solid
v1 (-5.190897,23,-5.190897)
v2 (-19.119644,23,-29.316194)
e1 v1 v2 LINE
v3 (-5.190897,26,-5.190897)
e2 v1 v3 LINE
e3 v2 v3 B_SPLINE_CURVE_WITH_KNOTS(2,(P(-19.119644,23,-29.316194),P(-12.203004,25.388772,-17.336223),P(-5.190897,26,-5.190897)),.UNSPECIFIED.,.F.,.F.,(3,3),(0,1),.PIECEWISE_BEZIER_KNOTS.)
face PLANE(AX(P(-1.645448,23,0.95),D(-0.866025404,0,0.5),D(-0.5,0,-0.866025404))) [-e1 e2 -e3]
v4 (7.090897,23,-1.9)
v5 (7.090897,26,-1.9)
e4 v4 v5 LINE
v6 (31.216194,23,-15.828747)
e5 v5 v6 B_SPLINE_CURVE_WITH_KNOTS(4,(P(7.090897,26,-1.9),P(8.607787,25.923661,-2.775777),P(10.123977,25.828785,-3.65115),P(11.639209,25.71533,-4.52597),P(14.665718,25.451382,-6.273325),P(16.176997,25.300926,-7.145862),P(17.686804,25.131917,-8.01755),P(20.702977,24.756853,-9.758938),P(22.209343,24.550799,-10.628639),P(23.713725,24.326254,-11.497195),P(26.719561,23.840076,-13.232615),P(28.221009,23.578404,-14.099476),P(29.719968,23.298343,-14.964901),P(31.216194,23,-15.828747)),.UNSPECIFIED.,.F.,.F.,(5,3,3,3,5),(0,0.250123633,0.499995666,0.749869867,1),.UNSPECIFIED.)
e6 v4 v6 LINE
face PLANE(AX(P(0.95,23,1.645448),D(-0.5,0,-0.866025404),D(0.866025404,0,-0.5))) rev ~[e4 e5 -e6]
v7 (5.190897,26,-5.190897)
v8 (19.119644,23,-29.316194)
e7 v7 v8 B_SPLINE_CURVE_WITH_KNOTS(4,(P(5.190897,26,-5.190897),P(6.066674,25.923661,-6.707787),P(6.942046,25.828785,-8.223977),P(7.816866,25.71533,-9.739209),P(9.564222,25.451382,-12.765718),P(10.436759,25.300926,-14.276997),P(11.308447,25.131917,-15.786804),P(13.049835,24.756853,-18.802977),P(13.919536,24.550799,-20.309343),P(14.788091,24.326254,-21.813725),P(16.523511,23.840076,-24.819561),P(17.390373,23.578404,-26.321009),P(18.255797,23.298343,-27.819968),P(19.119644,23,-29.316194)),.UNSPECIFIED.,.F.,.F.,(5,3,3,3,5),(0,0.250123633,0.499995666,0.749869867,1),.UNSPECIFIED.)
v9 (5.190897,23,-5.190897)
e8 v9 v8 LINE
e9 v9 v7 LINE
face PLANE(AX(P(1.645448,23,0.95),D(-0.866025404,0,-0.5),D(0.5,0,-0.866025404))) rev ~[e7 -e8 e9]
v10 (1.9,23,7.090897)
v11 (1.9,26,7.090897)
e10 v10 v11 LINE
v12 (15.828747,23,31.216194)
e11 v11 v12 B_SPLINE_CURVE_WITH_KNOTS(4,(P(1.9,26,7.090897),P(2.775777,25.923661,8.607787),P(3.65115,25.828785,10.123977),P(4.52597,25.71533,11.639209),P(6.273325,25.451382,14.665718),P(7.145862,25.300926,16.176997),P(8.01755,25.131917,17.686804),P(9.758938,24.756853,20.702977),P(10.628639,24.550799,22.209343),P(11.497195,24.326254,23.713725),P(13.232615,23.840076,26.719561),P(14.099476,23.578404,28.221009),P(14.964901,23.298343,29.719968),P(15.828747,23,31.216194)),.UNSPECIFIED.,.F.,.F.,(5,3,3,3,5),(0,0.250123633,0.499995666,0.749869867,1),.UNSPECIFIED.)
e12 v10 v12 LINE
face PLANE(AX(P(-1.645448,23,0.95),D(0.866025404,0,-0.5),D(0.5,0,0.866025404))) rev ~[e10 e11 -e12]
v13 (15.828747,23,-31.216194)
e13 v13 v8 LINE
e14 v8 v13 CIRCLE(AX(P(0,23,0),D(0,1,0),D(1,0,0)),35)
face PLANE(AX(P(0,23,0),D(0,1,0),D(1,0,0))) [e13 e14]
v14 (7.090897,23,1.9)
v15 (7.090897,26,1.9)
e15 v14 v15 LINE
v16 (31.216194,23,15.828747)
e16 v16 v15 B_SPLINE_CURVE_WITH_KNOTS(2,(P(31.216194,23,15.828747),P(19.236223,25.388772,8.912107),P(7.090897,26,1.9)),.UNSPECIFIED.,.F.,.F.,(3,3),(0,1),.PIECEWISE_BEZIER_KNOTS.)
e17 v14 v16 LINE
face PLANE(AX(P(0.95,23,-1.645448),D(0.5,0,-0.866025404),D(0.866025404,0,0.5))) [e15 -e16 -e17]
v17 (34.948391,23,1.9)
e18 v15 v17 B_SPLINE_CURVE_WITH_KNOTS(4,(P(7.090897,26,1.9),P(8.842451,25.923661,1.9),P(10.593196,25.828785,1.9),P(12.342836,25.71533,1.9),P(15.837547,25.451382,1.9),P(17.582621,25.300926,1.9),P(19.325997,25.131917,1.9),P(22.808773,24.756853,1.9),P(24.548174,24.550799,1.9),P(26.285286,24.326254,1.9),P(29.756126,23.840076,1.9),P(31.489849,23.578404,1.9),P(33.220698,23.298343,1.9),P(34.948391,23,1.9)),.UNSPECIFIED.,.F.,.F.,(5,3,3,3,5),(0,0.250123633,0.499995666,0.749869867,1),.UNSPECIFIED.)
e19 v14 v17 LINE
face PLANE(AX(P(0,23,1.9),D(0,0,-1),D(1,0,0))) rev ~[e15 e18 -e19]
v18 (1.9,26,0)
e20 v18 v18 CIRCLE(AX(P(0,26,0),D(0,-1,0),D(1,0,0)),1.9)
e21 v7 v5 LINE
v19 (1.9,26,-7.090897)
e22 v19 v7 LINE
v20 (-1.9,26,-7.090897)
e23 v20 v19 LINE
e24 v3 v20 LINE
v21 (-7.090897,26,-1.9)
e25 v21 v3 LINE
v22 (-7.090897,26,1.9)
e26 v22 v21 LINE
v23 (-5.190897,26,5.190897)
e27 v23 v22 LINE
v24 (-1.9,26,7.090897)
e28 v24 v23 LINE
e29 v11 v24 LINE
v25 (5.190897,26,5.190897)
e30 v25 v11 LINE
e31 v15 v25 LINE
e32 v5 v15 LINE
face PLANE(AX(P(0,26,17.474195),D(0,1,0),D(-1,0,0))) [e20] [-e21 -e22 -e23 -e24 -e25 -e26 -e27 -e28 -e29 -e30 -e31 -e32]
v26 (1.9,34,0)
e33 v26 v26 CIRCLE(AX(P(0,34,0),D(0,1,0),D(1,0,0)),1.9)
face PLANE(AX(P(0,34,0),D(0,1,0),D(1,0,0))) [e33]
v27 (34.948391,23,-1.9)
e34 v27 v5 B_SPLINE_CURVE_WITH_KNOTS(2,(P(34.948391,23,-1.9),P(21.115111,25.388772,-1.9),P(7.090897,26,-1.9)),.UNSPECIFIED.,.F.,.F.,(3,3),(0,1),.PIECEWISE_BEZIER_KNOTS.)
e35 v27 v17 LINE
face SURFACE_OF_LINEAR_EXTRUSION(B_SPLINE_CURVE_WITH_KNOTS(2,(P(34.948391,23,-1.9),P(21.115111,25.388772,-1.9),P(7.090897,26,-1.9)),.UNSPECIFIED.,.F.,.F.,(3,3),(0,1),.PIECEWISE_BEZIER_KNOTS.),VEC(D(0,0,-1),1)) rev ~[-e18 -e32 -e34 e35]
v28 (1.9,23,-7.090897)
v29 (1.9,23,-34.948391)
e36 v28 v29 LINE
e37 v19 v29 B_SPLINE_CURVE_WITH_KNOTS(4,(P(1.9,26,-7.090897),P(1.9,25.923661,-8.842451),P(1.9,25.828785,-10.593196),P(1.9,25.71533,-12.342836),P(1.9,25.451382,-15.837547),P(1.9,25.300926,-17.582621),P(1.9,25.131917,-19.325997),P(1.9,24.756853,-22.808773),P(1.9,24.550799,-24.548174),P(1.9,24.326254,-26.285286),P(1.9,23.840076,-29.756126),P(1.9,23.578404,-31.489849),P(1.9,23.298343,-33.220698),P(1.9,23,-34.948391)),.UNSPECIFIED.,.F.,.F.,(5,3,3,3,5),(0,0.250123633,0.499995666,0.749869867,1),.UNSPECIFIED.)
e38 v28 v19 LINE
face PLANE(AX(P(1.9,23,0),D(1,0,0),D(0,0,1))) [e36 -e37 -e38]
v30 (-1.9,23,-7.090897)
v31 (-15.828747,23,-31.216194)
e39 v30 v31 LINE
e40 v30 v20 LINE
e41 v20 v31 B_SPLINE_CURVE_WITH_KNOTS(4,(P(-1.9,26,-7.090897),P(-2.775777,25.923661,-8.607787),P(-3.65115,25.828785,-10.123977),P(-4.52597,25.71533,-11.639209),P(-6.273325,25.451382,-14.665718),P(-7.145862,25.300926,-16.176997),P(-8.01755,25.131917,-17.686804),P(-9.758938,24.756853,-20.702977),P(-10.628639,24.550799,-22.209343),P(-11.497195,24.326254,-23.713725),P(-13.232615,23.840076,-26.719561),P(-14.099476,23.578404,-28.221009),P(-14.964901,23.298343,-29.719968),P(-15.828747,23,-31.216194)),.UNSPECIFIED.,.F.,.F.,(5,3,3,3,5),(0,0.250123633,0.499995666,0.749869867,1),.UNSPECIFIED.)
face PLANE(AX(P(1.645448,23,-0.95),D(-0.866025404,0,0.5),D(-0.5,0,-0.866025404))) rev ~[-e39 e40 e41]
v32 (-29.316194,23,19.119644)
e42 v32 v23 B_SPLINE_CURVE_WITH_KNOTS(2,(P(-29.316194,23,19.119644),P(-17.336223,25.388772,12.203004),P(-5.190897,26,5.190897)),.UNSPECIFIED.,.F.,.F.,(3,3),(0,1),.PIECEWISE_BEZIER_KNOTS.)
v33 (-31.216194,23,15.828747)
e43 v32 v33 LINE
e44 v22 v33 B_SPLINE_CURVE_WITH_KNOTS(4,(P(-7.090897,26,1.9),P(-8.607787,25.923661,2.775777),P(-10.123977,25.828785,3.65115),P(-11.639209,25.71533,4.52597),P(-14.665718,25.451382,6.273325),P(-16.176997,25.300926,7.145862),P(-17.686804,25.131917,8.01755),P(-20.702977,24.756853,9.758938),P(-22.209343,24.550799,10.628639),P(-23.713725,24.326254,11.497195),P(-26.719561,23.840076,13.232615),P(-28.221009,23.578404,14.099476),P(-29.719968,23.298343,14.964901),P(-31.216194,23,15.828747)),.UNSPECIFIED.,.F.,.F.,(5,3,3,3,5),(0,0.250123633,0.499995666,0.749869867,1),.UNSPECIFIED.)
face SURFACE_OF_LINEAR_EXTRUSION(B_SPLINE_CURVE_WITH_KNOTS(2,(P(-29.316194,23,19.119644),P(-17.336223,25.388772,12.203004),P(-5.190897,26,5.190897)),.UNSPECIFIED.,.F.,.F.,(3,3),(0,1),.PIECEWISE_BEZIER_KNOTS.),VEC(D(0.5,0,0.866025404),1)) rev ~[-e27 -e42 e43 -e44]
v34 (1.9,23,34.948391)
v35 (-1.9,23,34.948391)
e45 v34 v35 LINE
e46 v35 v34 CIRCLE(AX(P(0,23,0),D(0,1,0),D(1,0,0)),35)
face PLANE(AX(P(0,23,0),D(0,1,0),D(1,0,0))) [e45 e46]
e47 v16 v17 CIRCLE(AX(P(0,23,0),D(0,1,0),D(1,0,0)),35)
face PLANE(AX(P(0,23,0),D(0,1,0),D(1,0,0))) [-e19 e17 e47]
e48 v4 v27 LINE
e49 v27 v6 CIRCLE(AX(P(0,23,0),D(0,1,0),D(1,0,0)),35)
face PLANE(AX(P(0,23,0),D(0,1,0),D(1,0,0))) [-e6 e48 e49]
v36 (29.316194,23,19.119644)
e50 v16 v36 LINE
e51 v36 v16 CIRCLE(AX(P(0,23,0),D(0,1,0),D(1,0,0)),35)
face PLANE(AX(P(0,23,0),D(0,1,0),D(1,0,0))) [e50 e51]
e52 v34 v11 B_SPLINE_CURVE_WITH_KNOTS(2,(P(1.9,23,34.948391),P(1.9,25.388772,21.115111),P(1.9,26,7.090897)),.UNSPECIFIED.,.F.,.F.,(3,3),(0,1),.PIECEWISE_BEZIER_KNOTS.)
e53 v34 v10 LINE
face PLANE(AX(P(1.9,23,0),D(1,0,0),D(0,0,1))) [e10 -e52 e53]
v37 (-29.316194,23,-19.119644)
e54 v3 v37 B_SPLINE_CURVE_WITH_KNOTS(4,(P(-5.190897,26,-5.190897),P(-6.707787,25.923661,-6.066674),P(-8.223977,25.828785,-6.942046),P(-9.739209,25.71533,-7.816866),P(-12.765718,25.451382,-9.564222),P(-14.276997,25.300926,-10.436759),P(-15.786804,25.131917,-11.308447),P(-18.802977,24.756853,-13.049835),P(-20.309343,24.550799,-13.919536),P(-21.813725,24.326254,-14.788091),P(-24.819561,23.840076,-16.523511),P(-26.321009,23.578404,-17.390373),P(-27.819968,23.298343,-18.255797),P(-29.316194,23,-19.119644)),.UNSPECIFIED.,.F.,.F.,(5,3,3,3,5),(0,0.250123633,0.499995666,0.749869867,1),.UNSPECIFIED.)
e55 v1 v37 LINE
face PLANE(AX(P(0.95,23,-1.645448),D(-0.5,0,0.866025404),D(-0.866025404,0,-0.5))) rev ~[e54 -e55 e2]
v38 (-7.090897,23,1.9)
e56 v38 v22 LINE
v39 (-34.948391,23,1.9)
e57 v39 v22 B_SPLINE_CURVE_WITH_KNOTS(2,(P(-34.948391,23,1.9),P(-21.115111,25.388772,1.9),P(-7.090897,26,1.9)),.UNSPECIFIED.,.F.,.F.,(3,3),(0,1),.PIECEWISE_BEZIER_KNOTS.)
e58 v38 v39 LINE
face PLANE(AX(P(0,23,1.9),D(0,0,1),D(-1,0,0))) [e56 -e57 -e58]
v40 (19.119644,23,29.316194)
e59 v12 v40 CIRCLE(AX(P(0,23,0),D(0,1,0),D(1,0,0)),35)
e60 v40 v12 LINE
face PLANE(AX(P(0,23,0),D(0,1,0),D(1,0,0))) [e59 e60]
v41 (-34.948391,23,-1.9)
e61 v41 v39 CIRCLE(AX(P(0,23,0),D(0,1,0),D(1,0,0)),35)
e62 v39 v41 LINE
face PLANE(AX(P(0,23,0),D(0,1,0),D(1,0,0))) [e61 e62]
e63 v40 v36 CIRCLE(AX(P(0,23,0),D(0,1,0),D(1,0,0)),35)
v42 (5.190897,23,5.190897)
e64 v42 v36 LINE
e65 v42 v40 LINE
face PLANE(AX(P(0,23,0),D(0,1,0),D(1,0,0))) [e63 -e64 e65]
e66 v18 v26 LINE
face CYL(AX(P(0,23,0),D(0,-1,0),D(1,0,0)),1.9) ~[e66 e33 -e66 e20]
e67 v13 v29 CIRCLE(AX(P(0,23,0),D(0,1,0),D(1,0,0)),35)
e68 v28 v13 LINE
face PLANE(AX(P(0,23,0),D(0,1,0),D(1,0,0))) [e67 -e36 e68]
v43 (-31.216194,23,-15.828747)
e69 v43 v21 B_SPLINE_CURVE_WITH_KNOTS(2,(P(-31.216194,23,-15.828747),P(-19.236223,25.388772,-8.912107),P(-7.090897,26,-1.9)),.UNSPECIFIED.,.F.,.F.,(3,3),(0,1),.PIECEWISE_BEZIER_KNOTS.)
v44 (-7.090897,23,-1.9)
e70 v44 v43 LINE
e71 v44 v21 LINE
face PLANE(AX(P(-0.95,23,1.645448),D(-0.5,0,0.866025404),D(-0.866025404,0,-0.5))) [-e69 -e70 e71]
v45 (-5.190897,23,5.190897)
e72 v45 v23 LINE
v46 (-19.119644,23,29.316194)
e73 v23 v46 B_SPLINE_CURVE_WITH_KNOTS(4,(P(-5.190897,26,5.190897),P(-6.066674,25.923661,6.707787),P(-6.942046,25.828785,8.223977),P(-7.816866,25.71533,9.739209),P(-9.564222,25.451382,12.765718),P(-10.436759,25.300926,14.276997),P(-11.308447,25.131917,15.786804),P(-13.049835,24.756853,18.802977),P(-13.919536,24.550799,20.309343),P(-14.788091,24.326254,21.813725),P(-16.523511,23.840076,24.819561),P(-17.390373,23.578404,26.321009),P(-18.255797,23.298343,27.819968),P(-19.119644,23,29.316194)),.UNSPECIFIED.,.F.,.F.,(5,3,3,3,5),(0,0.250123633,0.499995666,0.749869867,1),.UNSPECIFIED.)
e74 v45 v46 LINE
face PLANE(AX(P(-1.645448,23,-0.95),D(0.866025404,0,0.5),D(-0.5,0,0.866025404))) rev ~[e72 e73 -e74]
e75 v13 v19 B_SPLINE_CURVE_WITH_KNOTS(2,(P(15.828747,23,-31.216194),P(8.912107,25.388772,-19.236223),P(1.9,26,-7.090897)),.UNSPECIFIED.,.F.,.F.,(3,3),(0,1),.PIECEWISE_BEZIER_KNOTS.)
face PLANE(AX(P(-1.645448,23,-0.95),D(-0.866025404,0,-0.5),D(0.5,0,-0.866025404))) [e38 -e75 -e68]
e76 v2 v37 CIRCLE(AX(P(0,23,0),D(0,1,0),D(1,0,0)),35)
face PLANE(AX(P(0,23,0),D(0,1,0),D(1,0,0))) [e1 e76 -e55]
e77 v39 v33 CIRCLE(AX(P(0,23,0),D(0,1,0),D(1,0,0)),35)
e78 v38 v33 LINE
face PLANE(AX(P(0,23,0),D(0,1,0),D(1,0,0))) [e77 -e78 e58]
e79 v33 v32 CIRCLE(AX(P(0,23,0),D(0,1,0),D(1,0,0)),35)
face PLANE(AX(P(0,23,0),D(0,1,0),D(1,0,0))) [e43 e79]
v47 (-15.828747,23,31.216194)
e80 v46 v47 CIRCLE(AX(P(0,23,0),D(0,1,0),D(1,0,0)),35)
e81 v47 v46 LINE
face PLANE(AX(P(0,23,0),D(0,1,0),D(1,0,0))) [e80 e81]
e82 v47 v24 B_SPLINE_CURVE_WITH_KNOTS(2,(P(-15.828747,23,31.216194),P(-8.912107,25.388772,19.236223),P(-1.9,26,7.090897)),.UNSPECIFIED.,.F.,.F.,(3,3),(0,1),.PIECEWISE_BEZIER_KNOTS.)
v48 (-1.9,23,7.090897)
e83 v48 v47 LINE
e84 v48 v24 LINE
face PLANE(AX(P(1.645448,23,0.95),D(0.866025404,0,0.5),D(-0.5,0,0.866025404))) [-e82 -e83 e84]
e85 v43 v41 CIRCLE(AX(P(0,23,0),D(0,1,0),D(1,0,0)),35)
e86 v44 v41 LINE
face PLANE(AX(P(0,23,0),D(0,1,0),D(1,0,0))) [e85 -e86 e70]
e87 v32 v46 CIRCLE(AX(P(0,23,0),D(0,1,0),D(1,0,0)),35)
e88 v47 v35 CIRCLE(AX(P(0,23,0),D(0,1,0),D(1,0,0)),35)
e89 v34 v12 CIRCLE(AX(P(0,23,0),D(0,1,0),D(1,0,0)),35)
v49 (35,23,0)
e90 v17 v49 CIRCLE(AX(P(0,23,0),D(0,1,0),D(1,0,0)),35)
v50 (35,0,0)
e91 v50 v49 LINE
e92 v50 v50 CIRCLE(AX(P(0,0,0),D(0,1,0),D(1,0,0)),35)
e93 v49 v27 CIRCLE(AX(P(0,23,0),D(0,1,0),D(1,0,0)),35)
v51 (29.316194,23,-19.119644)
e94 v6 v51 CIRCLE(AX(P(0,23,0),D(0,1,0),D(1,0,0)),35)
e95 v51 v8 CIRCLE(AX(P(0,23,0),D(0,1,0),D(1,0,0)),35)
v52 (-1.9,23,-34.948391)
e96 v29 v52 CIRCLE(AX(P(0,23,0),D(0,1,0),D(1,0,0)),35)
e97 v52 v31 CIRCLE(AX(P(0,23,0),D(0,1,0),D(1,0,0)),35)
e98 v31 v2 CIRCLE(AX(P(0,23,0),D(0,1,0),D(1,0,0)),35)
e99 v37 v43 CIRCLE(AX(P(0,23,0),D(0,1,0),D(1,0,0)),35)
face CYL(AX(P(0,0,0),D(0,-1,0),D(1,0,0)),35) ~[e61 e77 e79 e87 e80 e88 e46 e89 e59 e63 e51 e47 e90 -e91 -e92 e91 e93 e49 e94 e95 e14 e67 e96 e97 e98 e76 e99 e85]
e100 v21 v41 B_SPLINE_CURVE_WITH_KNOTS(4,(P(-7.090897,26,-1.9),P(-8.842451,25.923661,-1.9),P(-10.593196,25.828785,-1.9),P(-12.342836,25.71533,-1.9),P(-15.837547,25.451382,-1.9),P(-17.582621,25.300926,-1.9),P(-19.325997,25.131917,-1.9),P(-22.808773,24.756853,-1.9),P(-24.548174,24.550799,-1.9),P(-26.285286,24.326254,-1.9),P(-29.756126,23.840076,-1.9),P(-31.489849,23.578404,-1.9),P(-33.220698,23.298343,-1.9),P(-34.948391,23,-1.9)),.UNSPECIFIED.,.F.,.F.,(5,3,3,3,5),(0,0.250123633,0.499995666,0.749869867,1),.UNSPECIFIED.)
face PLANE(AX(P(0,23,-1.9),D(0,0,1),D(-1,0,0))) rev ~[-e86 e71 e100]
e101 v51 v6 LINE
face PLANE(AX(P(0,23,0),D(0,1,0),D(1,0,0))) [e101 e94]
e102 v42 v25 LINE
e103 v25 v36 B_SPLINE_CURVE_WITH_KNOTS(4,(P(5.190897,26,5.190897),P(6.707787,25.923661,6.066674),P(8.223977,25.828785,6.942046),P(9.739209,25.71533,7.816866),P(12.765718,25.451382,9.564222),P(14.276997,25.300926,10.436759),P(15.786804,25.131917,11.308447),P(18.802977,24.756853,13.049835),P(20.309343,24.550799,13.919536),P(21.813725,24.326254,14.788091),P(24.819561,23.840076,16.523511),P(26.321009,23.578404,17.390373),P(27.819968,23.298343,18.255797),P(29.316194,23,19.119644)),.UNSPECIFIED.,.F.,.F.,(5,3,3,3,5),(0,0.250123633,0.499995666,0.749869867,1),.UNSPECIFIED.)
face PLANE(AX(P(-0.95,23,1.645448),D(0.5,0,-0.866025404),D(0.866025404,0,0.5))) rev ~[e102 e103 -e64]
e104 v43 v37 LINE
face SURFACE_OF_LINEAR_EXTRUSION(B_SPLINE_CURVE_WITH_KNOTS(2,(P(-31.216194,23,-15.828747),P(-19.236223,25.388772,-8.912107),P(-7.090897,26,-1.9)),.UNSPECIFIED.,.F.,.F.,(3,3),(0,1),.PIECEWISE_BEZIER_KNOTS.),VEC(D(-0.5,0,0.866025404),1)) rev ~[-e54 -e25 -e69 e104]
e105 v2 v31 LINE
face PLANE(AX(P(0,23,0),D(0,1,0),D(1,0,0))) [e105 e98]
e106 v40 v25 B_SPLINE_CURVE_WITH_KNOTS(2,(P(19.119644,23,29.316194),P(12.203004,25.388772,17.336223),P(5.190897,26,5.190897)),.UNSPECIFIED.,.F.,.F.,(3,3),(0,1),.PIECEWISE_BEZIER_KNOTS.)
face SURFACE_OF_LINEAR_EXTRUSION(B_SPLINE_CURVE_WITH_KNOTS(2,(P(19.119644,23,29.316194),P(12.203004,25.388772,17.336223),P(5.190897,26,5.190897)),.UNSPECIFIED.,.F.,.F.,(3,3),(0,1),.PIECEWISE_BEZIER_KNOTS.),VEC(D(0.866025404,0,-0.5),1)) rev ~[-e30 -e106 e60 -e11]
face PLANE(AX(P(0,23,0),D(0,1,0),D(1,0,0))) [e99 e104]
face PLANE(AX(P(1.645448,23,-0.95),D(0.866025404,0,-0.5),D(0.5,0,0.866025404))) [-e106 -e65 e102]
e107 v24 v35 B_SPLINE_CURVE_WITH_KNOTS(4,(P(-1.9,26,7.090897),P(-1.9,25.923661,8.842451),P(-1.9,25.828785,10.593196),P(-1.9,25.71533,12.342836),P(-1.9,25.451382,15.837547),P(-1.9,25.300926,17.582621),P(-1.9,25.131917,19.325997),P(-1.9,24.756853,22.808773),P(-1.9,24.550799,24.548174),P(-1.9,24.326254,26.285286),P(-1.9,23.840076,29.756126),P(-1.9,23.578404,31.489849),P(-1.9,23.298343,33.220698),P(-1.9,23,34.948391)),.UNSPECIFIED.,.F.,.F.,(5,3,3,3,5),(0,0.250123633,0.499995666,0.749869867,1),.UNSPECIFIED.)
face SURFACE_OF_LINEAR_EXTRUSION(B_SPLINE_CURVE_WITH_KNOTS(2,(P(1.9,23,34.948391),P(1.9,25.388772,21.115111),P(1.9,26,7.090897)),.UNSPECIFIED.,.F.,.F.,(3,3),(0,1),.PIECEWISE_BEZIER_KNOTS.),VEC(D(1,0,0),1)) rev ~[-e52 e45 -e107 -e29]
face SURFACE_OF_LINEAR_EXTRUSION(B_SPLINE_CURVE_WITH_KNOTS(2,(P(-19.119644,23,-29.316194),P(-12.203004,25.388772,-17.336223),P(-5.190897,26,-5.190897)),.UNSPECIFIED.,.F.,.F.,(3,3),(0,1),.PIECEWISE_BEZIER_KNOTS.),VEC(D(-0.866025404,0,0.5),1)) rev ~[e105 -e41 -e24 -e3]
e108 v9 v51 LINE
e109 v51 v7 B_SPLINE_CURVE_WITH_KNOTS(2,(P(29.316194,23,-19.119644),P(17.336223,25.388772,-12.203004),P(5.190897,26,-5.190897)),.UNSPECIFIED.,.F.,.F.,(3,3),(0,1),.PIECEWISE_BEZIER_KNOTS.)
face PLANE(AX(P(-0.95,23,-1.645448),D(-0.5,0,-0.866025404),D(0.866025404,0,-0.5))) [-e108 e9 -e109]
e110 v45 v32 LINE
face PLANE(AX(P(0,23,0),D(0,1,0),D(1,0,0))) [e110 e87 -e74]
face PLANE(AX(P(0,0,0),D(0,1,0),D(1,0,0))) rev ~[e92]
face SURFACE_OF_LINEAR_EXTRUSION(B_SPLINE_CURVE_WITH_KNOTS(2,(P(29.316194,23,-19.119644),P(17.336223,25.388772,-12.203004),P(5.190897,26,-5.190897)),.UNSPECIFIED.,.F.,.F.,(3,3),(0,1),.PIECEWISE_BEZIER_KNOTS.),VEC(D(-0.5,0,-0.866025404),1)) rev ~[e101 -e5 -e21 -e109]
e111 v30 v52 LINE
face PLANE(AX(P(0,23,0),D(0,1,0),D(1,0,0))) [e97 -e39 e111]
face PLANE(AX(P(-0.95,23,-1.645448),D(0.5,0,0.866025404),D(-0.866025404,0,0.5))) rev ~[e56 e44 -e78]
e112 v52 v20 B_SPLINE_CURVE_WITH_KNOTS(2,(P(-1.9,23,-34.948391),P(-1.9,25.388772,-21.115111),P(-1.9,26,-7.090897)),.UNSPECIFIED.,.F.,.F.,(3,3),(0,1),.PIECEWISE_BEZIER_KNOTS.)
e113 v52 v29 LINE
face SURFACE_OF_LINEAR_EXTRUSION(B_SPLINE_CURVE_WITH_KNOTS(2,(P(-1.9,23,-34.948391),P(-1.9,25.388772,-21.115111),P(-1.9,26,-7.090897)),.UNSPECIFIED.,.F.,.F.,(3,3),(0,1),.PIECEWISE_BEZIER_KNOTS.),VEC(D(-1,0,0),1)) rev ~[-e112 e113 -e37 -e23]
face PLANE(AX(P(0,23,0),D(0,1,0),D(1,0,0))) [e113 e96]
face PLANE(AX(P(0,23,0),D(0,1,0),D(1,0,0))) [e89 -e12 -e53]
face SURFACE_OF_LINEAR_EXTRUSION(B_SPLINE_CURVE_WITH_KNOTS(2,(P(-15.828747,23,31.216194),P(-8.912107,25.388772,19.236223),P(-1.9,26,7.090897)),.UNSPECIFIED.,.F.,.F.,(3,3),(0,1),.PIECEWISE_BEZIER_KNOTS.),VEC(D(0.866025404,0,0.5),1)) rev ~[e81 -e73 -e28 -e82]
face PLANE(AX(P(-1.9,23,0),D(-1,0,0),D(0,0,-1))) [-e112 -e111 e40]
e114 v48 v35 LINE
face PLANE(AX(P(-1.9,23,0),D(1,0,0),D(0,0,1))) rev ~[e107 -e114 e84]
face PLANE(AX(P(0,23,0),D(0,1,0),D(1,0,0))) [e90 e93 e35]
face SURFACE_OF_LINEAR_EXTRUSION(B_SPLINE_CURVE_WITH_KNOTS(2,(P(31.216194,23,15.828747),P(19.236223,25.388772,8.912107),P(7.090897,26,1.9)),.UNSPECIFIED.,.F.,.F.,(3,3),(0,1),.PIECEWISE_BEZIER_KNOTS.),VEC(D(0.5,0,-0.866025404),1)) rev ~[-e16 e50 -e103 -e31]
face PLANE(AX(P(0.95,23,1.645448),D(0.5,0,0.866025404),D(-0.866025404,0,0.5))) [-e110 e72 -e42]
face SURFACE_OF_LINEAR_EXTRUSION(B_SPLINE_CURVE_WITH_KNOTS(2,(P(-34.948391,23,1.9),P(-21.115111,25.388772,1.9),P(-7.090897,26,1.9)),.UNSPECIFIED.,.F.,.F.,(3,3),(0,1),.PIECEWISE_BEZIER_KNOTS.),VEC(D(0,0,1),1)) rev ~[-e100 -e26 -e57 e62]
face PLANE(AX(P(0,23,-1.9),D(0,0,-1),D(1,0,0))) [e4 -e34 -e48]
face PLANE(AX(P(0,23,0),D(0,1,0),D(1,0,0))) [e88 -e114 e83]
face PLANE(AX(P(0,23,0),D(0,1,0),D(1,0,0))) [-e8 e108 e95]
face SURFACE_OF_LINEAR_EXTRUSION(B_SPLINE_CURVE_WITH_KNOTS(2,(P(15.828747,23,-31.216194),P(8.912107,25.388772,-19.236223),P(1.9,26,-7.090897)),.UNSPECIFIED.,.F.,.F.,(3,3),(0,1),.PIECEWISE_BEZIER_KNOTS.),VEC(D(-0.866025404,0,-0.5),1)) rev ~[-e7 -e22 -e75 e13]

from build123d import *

# Parameters (mm, degrees)
SKETCH_1_R               = 35
EXTRUDE_1_DEPTH          = 23
SKETCH_2_R               = 1.9
EXTRUDE_2_DEPTH          = 11
SKETCH_4_W               = 3.8
SKETCH_4_H               = 34.948390521
EXTRUDE_6_DEPTH          = 3
PATTERN_CIRCULAR_1_COUNT = 12
CUT_EXTRUDE_3_DEPTH      = 4
PATTERN_CIRCULAR_2_COUNT = 12


with BuildPart() as part:
    # Эскиз1 → Бобышка-Вытянуть1 (new body)
    with BuildSketch(Plane(origin=(0, 0, 0), x_dir=(1, 0, 0), z_dir=(0, 1, 0))):
        Circle(SKETCH_1_R)
    extrude(amount=EXTRUDE_1_DEPTH)

    # Эскиз2 → Бобышка-Вытянуть2 (add)
    with BuildSketch(Plane(origin=(0, 23, 0), x_dir=(1, 0, 0), z_dir=(0, 1, 0))):
        Circle(SKETCH_2_R)
    extrude(amount=EXTRUDE_2_DEPTH)

    # Эскиз4 → Бобышка-Вытянуть6 (add)
    with BuildSketch(Plane(origin=(0, 23, 0), x_dir=(1, 0, 0), z_dir=(0, 1, 0))):
        with Locations((0, 17.474195261)):
            Rectangle(SKETCH_4_W, SKETCH_4_H)
    extrude_6 = extrude(amount=EXTRUDE_6_DEPTH)

    # Круговой массив1: Бобышка-Вытянуть6 ×12 about axis
    pattern_circular_1_axis = Axis((0, 0, 0), (0, 1, 0))
    for i in range(1, PATTERN_CIRCULAR_1_COUNT):
        add(extrude_6.rotate(pattern_circular_1_axis, i * 360 / PATTERN_CIRCULAR_1_COUNT))

    # Эскиз12 → Вырез-Вытянуть3 (cut)
    with BuildSketch(Plane(origin=(-0.95, 0, 1.645448267), x_dir=(0.866025404, 0, 0.5), z_dir=(-0.5, 0, 0.866025404))):
        with BuildLine():
            add(Edge.make_bspline(
                [(-34.948390521, 23), (-21.115111168, 25.388771588), (-7.090896534, 26)],
                knots=[0, 0, 0, 1, 1, 1], degree=2))
            Line((-7.090896534, 26), (-34.948390521, 26))
            Line((-34.948390521, 26), (-34.948390521, 23))
        make_face()
    cut_extrude_3 = extrude(amount=-CUT_EXTRUDE_3_DEPTH, mode=Mode.SUBTRACT)

    # Круговой массив2: Вырез-Вытянуть3 ×12 about axis
    pattern_circular_2_axis = Axis((0, 0, 0), (0, -1, 0))
    for i in range(1, PATTERN_CIRCULAR_2_COUNT):
        add(cut_extrude_3.rotate(pattern_circular_2_axis, i * 360 / PATTERN_CIRCULAR_2_COUNT), mode=Mode.SUBTRACT)


solid = part.part
